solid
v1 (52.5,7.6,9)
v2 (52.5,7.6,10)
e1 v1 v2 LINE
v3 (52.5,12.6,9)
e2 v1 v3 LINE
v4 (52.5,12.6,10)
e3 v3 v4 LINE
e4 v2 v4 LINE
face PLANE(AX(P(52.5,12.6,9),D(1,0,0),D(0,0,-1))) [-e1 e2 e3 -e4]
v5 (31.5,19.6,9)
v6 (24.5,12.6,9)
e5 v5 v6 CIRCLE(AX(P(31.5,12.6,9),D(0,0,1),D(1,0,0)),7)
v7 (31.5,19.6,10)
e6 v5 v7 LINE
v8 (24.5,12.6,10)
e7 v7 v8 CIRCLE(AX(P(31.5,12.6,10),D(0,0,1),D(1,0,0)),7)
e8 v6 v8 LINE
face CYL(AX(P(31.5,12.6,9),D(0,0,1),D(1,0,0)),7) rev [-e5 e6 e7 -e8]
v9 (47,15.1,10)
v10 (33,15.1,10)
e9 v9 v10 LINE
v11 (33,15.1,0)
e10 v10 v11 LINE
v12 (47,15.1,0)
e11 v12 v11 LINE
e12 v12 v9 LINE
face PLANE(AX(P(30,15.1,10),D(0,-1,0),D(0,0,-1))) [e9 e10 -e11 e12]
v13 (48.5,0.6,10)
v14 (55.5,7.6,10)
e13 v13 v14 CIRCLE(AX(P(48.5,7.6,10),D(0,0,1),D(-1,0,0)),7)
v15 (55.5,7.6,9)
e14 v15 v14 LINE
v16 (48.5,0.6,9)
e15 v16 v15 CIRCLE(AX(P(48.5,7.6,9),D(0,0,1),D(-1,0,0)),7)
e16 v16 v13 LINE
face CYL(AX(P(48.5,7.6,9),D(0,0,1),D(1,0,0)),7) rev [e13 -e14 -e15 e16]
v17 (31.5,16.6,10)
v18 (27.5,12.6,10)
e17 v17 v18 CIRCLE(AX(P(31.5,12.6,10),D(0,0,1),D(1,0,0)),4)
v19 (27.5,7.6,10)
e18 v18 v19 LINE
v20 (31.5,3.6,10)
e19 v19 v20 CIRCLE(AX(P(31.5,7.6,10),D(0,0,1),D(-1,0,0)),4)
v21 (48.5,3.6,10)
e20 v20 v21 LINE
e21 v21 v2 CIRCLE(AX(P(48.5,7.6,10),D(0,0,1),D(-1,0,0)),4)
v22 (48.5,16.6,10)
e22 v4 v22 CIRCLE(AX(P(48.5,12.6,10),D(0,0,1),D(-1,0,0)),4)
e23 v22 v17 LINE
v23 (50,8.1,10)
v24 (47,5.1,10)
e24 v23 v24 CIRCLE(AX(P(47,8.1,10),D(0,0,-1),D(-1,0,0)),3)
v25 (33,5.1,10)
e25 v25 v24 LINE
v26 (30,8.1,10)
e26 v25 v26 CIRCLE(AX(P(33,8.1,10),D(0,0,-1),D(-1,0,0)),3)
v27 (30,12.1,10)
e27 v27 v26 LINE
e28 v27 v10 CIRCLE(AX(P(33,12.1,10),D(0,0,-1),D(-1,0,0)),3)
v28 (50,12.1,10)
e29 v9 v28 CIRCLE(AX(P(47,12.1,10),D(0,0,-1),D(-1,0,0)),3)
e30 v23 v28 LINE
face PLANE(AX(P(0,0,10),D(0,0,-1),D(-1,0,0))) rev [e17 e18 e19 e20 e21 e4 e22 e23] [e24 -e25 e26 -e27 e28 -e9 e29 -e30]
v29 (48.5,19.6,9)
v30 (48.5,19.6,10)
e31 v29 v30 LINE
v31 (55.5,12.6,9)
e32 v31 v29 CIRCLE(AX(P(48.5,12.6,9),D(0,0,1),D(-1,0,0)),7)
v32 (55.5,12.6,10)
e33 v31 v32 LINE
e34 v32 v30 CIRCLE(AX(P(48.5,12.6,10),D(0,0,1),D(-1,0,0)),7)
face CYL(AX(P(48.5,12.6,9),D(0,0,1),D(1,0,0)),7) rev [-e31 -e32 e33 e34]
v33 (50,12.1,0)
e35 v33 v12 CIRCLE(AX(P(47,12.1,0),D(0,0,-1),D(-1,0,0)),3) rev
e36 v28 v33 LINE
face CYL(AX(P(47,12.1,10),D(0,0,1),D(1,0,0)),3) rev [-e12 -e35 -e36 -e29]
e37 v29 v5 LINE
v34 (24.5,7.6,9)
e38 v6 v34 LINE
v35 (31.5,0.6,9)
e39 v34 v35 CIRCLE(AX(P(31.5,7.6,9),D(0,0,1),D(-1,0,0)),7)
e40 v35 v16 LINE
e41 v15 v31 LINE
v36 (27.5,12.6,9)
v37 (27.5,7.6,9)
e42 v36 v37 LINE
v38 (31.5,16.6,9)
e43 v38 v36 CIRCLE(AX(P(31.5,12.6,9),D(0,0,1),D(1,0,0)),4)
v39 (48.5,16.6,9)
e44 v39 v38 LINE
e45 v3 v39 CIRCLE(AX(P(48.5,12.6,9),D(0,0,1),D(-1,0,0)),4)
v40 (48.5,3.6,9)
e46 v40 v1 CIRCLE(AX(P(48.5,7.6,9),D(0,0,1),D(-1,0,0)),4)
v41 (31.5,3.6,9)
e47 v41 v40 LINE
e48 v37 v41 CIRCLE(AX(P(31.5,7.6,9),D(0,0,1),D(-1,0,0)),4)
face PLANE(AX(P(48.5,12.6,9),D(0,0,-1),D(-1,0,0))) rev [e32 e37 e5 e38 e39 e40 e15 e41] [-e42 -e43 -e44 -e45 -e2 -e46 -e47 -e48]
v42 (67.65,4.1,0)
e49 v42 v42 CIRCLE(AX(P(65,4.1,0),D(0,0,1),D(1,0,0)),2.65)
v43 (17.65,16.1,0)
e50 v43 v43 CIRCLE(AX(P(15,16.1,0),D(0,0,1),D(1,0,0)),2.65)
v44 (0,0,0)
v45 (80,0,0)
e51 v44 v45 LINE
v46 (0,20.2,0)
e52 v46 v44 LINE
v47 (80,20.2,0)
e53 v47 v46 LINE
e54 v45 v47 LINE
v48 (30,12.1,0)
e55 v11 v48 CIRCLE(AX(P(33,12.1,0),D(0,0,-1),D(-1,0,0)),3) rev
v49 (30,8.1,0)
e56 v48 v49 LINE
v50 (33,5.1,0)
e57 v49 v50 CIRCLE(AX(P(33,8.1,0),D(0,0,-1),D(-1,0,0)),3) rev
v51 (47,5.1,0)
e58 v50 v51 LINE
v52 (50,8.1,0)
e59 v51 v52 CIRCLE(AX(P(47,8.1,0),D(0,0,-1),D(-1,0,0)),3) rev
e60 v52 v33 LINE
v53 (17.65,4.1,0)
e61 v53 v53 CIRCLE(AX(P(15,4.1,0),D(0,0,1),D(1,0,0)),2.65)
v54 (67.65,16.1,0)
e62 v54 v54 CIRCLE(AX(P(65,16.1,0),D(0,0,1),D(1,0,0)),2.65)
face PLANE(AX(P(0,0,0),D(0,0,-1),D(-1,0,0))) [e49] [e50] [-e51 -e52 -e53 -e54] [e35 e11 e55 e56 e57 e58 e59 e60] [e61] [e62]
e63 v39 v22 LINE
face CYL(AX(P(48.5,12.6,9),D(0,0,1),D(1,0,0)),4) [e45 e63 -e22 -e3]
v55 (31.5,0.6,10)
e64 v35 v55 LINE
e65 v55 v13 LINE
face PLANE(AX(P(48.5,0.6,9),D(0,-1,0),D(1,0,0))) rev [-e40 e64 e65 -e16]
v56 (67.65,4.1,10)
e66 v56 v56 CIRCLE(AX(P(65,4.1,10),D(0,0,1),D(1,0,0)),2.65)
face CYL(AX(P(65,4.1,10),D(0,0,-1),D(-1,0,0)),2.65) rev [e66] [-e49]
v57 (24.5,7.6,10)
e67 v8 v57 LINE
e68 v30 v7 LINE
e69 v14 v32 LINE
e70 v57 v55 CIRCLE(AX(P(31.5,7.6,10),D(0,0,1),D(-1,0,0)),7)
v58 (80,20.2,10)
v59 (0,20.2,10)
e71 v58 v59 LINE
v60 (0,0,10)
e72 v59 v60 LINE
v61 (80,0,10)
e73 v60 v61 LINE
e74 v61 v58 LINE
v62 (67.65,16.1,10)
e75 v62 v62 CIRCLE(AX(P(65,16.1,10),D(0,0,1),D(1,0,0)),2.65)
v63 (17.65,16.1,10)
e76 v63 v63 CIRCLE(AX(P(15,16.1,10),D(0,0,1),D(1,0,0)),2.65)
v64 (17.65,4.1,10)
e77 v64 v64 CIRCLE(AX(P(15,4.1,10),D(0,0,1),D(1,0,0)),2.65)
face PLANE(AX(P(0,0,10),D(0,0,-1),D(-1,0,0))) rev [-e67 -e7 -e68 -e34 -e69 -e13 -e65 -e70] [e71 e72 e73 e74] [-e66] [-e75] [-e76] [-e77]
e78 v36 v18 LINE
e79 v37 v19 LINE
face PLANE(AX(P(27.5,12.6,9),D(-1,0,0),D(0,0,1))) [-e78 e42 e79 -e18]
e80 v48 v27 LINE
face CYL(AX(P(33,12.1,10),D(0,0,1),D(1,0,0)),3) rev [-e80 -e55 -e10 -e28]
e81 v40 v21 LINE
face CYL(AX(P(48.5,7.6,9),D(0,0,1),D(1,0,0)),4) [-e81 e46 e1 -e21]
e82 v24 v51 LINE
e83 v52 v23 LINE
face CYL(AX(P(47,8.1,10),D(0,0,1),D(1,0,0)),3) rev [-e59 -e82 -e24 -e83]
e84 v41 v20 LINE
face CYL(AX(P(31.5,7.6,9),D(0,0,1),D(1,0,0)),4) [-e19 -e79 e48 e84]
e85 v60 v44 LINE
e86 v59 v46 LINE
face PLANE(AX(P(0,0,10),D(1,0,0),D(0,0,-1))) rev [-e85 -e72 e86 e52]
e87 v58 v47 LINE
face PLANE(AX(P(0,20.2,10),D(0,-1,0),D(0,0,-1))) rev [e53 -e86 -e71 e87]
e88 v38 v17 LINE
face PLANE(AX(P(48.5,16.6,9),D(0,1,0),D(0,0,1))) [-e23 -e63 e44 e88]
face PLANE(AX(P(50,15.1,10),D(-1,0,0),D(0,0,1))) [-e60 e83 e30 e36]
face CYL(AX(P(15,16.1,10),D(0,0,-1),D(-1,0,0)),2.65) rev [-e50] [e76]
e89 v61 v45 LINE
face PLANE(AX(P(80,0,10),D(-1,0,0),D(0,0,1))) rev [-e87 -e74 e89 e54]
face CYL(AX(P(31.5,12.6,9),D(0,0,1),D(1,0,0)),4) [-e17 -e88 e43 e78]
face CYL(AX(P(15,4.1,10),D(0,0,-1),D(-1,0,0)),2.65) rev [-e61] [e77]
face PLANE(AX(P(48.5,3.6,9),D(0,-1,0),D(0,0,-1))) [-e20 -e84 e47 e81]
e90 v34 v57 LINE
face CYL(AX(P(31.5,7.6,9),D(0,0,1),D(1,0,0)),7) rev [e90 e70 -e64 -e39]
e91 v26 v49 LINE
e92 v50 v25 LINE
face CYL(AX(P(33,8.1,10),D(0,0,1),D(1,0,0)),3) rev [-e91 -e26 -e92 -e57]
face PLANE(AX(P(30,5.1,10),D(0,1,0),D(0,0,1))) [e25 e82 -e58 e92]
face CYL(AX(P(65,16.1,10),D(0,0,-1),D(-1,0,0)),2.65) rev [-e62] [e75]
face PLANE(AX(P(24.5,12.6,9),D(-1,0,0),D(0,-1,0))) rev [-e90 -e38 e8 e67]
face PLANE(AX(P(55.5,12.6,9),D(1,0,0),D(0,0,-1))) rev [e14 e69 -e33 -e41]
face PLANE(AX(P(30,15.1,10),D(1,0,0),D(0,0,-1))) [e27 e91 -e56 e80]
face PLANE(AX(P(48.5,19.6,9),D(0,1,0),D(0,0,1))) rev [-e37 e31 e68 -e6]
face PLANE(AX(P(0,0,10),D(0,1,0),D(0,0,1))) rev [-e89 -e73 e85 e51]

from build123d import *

# Parameters (mm, degrees)
SKIZZE1_W                       = 80
SKIZZE1_H                       = 20.2
SKIZZE1_R                       = 2.65
SKIZZE1_W_2                     = 20
SKIZZE1_H_2                     = 10
AUFSATZ_LINEAR_AUSTRAGEN1_DEPTH = 10
VERRUNDUNG1_R                   = 3
SCHNITT_LINEAR_AUSTRAGEN1_DEPTH = 1


with BuildPart() as part:
    # Skizze1 → Aufsatz-Linear austragen1 (new body)
    with BuildSketch(Plane.XY):
        with Locations((40, 10.1)):
            Rectangle(SKIZZE1_W, SKIZZE1_H)
        with Locations((15, 16.1)):
            Circle(SKIZZE1_R, mode=Mode.SUBTRACT)
        with Locations((15, 4.1)):
            Circle(SKIZZE1_R, mode=Mode.SUBTRACT)
        with Locations((65, 16.1)):
            Circle(SKIZZE1_R, mode=Mode.SUBTRACT)
        with Locations((65, 4.1)):
            Circle(SKIZZE1_R, mode=Mode.SUBTRACT)
        with Locations((40, 10.1)):
            Rectangle(SKIZZE1_W_2, SKIZZE1_H_2, mode=Mode.SUBTRACT)
    extrude(amount=AUFSATZ_LINEAR_AUSTRAGEN1_DEPTH)

    # Verrundung1
    verrundung1_edges = [part.edges().sort_by_distance(p)[0] for p in [
        (50, 5.1, 5),
        (50, 15.1, 5),
        (30, 15.1, 5),
        (30, 5.1, 5),
    ]]
    fillet(verrundung1_edges, radius=VERRUNDUNG1_R)

    # Skizze2 → Schnitt-Linear austragen1 (cut)
    with BuildSketch(Plane.XY.offset(10)):
        with BuildLine():
            Line((55.5, 12.6), (55.5, 7.6))
            ThreePointArc((55.5, 7.6), (53.449747468, 2.650252532), (48.5, 0.6))
            Line((48.5, 0.6), (31.5, 0.6))
            ThreePointArc((31.5, 0.6), (26.550252532, 2.650252532), (24.5, 7.6))
            Line((24.5, 7.6), (24.5, 12.6))
            ThreePointArc((24.5, 12.6), (26.550252532, 17.549747468), (31.5, 19.6))
            Line((31.5, 19.6), (48.5, 19.6))
            ThreePointArc((48.5, 19.6), (53.449747468, 17.549747468), (55.5, 12.6))
        make_face()
        with BuildLine():
            Line((48.5, 16.6), (31.5, 16.6))
            ThreePointArc((31.5, 16.6), (28.671572875, 15.428427125), (27.5, 12.6))
            Line((27.5, 12.6), (27.5, 7.6))
            ThreePointArc((27.5, 7.6), (28.671572875, 4.771572875), (31.5, 3.6))
            Line((31.5, 3.6), (48.5, 3.6))
            ThreePointArc((48.5, 3.6), (51.328427125, 4.771572875), (52.5, 7.6))
            Line((52.5, 7.6), (52.5, 12.6))
            ThreePointArc((52.5, 12.6), (51.328427125, 15.428427125), (48.5, 16.6))
        make_face(mode=Mode.SUBTRACT)
    extrude(amount=-SCHNITT_LINEAR_AUSTRAGEN1_DEPTH, mode=Mode.SUBTRACT)


solid = part.part
